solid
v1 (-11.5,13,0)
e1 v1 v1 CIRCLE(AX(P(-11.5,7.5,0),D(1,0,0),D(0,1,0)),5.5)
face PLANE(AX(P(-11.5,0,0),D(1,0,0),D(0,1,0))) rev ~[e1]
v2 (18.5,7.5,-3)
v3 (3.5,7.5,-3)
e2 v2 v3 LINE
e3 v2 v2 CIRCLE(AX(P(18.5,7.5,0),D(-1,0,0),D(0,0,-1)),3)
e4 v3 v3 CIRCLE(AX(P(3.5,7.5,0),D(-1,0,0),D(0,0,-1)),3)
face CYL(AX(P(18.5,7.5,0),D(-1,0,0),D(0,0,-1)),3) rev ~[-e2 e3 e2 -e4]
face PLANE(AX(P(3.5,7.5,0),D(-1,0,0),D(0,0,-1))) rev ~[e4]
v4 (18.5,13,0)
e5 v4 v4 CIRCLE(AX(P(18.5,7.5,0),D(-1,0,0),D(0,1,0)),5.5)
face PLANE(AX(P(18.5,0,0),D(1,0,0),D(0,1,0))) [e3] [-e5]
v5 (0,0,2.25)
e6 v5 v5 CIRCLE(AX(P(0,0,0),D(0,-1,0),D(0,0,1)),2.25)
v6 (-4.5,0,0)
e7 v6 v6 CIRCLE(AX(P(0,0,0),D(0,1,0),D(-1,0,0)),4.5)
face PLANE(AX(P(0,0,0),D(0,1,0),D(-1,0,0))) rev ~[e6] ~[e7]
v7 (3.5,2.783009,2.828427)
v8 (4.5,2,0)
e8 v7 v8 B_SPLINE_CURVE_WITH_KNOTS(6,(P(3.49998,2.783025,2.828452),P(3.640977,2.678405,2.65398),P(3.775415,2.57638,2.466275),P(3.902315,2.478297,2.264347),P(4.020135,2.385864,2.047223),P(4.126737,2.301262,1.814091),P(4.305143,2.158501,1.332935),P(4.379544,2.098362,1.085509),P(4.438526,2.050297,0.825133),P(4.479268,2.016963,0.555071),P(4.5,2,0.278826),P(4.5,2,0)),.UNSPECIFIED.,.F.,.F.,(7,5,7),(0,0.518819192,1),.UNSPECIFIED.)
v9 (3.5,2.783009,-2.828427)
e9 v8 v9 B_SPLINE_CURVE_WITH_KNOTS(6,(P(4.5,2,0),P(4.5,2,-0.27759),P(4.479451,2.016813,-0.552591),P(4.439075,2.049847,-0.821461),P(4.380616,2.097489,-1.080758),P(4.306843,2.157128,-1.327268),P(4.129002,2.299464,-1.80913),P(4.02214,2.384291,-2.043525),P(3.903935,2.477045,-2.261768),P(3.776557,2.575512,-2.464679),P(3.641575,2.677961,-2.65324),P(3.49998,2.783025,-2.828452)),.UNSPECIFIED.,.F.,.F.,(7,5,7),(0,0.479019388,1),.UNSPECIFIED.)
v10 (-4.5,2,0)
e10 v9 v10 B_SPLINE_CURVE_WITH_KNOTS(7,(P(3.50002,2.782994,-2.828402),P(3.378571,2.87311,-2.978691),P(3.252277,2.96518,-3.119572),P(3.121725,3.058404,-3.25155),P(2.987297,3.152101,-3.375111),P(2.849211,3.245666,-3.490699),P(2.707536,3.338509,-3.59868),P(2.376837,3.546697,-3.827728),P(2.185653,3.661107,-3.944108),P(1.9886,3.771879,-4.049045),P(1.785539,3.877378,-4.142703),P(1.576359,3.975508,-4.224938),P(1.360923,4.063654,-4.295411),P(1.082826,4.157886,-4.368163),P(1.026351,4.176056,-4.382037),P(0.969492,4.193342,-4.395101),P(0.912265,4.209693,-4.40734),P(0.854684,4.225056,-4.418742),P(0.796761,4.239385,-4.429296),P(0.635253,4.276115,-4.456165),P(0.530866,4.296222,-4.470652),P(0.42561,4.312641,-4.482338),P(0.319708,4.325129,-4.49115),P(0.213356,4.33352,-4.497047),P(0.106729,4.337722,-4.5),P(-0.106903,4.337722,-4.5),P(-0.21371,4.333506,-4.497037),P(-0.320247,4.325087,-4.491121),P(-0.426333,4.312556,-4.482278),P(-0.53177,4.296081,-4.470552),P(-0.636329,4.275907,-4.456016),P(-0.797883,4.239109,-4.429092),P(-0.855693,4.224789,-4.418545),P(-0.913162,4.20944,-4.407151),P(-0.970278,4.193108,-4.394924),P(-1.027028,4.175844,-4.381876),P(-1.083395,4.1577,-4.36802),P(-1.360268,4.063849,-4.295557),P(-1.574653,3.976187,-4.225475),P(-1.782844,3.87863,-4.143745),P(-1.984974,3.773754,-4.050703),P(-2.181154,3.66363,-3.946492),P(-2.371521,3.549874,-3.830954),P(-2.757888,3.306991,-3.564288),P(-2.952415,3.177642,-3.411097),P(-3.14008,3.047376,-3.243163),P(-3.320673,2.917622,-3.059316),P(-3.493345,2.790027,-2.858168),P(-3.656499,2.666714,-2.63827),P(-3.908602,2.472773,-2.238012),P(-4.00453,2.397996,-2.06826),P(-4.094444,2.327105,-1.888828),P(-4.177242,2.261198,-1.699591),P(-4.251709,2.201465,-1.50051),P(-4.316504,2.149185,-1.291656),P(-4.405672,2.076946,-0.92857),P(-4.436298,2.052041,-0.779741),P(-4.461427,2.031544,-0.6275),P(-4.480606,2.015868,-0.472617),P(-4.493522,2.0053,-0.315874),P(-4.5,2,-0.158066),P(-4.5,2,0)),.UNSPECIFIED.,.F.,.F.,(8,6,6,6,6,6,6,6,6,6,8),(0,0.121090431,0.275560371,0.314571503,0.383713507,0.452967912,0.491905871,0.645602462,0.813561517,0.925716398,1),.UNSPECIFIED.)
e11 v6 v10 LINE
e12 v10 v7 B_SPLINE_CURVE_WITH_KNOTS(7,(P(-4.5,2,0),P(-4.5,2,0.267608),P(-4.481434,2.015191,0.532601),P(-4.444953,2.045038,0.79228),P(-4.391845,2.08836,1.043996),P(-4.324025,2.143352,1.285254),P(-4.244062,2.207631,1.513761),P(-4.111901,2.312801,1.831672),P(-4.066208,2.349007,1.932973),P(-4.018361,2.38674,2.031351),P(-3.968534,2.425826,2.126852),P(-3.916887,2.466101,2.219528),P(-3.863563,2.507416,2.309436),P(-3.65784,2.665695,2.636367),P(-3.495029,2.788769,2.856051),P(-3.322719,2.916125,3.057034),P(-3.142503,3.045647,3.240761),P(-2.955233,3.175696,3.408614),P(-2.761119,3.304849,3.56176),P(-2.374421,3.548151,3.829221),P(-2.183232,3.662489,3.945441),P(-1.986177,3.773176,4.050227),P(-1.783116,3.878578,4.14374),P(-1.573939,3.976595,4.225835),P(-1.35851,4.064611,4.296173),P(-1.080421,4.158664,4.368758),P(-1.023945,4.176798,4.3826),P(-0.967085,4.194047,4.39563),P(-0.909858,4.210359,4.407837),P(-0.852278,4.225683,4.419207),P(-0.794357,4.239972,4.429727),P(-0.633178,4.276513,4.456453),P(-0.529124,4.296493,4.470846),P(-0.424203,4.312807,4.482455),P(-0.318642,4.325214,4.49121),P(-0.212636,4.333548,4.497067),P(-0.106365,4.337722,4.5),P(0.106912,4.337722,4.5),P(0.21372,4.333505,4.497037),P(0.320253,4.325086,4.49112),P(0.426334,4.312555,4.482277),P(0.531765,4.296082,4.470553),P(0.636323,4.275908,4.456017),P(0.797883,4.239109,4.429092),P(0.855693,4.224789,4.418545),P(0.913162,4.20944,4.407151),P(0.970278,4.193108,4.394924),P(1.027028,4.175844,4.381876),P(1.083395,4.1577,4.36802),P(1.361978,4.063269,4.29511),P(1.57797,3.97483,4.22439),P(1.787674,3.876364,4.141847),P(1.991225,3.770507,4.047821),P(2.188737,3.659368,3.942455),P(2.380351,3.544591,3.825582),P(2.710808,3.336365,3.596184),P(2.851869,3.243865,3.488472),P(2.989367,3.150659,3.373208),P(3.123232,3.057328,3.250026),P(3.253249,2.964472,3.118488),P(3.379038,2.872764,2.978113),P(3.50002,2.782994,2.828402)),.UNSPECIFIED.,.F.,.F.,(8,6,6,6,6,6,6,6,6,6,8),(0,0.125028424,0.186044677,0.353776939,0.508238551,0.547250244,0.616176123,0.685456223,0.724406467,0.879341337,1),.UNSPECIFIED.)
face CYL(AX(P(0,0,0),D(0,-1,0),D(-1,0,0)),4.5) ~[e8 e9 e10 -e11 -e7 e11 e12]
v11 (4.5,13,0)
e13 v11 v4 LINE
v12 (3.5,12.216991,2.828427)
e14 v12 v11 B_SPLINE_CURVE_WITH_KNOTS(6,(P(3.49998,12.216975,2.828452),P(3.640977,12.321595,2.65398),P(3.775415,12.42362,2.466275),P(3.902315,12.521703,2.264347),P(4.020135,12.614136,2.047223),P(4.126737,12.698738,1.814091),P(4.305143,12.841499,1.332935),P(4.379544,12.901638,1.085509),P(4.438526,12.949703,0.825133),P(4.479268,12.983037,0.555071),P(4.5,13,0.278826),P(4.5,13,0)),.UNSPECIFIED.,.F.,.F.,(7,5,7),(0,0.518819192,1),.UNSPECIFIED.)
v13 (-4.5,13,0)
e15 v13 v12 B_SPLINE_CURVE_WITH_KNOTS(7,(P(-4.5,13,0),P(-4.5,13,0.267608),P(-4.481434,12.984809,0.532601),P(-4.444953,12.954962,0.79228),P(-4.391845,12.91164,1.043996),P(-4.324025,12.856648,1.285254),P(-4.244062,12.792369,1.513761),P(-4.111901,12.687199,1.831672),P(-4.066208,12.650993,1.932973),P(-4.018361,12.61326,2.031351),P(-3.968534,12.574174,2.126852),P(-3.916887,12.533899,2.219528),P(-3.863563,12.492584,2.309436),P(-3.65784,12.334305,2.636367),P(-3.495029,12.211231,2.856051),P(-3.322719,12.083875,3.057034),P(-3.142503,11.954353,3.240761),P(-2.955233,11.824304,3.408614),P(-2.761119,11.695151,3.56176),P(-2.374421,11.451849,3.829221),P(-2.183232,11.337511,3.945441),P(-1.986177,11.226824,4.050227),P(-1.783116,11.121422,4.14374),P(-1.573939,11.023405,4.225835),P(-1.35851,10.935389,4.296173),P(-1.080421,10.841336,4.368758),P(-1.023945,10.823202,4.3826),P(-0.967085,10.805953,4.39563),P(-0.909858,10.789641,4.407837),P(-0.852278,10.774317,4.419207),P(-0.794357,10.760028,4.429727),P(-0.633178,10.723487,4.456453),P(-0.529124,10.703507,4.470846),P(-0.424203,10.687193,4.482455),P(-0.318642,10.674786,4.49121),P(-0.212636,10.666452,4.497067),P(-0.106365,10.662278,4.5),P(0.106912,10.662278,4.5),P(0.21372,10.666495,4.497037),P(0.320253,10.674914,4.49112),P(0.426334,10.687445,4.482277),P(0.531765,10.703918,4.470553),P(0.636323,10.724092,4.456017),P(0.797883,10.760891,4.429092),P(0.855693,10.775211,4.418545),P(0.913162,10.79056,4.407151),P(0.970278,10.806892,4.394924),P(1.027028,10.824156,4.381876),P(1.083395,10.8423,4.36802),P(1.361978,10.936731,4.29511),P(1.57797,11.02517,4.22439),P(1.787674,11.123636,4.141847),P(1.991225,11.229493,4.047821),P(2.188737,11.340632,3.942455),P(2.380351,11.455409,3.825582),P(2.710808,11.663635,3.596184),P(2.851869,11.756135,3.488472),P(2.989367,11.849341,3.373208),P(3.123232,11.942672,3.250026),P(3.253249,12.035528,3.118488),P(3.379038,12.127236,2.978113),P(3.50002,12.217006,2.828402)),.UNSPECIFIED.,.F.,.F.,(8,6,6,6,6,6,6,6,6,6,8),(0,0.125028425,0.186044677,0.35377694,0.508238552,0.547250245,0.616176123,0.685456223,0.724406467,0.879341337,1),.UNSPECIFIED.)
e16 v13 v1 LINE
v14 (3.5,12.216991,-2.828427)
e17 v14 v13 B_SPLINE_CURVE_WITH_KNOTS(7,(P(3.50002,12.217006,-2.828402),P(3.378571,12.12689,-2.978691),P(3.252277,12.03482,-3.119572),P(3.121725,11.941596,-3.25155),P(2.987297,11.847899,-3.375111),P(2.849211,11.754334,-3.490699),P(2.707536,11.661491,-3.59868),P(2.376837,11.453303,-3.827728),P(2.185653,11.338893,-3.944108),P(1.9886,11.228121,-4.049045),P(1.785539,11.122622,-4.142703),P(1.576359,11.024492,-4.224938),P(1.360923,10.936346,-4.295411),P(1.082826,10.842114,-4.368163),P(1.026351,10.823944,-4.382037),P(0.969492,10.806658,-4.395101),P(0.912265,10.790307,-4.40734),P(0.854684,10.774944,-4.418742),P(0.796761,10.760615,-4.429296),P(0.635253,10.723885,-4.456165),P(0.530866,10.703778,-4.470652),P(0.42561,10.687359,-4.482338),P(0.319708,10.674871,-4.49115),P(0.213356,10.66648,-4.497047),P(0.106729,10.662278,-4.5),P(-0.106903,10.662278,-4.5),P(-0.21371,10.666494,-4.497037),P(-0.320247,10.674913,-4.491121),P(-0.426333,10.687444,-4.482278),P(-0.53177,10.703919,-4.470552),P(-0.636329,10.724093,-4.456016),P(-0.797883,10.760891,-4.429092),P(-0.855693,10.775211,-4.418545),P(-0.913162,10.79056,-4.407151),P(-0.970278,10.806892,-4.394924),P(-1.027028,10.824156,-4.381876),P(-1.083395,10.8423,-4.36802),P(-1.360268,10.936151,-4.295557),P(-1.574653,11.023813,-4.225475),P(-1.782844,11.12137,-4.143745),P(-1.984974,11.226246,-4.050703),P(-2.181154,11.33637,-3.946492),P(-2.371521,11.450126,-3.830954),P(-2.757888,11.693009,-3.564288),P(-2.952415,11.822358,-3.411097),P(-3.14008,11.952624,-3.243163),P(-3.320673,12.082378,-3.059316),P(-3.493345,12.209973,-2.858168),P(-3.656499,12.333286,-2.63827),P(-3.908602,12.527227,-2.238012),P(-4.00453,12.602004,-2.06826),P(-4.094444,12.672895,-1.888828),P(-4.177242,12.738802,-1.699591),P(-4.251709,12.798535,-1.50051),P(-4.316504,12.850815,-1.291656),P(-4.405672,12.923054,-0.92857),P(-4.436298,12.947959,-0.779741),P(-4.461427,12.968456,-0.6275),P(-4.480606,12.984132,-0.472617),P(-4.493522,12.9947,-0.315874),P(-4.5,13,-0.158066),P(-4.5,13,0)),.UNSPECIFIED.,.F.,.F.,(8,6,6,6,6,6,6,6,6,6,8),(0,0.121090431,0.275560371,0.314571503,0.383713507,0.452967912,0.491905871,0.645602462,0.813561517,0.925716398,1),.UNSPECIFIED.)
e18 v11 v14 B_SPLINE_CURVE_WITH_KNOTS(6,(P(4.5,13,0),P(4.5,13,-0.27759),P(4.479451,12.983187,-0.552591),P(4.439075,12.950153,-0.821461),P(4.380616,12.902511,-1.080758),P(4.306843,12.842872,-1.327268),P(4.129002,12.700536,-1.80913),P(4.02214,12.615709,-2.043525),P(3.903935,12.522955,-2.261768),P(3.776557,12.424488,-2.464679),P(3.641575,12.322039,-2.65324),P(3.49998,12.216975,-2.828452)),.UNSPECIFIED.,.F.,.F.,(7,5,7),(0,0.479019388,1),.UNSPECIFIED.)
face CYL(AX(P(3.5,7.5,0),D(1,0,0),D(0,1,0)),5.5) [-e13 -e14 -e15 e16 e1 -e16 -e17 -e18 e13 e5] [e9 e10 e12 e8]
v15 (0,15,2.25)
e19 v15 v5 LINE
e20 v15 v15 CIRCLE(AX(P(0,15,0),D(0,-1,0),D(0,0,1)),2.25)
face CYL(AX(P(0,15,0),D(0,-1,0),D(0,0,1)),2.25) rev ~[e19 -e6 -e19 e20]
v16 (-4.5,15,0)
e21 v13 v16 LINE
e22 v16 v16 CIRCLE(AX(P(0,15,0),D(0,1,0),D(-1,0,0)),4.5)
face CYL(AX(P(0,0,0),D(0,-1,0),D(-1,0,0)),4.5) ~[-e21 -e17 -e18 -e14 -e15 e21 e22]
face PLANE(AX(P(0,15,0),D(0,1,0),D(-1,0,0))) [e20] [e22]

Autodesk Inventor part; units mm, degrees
ref_plane "XZ Plane" through (0, 0, 0) normal (0, 1, 0) x (-1, 0, 0)
ref_plane "XY Plane" through (0, 0, 0) normal (0, 0, 1) x (1, 0, 0)
sketch "Sketch1" plane through (0, 0, 0) normal (0, 1, 0) x (-1, 0, 0)
  circle A0 centre (0, 0) radius 2.2
  circle A1 centre (0, 0) radius 4.5
  dimension "d0" = 4.4
  dimension "d1" = 9
extrude "Extrusion1" add sketch "Sketch1" along normal blind 15 contours A0 | A1
sketch "Sketch2" plane through (0, 15, 0) normal (0, 1, 0) x (1, 0, 0)
  circle A0 centre (0, 0) radius 2.2
  dimension "d4" = 4.4
ref_plane "Work Plane1" through (3.5, 0, 0) normal (1, 0, 0) x (0, 1, 0)
sketch "Sketch3" plane through (3.5, 0, 0) normal (1, 0, 0) x (0, 1, 0)
  line L0 (0, 0) -> (7.5, 0)
  circle A0 centre (7.5, 0) radius 5.5
  dimension "d13" = 7.5
  dimension "d15" = 11
extrude "Extrusion2" add sketch "Sketch3" along normal mid plane 30
sketch "Sketch6" plane through (-11.5, 0, 0) normal (-1, 0, 0) x (0, 0, 1)
  circle A0 centre (0, 7.5) radius 5.5 projected
  arc A1 (0, 11) -> (0, 4) centre (0, 7.5) ccw
  line L0 (0, 2) -> (0, 13) projected
  line L1 (0, 11) -> (0, 4)
  point P0 (0, 0)
sketch "Sketch7" plane through (18.5, 7.5, 0) normal (1, 0, 0) x (0, 0, -1)
  point P0 (0, -7.5)
hole "Hole4" at (0, 15, 0) direction (0, -1, 0) diameter 4.5 depth 20
sketch "Sketch8" plane through (18.5, 7.5, 0) normal (1, 0, 0) x (0, 0, -1)
  circle A0 centre (0, 0) radius 3
  point P0 (0, -7.5)
  dimension "d44" = 6
hole "Hole5" at (18.5, 7.5, 0) direction (-1, 0, 0) diameter 6 depth 15
properties part number "codo"
